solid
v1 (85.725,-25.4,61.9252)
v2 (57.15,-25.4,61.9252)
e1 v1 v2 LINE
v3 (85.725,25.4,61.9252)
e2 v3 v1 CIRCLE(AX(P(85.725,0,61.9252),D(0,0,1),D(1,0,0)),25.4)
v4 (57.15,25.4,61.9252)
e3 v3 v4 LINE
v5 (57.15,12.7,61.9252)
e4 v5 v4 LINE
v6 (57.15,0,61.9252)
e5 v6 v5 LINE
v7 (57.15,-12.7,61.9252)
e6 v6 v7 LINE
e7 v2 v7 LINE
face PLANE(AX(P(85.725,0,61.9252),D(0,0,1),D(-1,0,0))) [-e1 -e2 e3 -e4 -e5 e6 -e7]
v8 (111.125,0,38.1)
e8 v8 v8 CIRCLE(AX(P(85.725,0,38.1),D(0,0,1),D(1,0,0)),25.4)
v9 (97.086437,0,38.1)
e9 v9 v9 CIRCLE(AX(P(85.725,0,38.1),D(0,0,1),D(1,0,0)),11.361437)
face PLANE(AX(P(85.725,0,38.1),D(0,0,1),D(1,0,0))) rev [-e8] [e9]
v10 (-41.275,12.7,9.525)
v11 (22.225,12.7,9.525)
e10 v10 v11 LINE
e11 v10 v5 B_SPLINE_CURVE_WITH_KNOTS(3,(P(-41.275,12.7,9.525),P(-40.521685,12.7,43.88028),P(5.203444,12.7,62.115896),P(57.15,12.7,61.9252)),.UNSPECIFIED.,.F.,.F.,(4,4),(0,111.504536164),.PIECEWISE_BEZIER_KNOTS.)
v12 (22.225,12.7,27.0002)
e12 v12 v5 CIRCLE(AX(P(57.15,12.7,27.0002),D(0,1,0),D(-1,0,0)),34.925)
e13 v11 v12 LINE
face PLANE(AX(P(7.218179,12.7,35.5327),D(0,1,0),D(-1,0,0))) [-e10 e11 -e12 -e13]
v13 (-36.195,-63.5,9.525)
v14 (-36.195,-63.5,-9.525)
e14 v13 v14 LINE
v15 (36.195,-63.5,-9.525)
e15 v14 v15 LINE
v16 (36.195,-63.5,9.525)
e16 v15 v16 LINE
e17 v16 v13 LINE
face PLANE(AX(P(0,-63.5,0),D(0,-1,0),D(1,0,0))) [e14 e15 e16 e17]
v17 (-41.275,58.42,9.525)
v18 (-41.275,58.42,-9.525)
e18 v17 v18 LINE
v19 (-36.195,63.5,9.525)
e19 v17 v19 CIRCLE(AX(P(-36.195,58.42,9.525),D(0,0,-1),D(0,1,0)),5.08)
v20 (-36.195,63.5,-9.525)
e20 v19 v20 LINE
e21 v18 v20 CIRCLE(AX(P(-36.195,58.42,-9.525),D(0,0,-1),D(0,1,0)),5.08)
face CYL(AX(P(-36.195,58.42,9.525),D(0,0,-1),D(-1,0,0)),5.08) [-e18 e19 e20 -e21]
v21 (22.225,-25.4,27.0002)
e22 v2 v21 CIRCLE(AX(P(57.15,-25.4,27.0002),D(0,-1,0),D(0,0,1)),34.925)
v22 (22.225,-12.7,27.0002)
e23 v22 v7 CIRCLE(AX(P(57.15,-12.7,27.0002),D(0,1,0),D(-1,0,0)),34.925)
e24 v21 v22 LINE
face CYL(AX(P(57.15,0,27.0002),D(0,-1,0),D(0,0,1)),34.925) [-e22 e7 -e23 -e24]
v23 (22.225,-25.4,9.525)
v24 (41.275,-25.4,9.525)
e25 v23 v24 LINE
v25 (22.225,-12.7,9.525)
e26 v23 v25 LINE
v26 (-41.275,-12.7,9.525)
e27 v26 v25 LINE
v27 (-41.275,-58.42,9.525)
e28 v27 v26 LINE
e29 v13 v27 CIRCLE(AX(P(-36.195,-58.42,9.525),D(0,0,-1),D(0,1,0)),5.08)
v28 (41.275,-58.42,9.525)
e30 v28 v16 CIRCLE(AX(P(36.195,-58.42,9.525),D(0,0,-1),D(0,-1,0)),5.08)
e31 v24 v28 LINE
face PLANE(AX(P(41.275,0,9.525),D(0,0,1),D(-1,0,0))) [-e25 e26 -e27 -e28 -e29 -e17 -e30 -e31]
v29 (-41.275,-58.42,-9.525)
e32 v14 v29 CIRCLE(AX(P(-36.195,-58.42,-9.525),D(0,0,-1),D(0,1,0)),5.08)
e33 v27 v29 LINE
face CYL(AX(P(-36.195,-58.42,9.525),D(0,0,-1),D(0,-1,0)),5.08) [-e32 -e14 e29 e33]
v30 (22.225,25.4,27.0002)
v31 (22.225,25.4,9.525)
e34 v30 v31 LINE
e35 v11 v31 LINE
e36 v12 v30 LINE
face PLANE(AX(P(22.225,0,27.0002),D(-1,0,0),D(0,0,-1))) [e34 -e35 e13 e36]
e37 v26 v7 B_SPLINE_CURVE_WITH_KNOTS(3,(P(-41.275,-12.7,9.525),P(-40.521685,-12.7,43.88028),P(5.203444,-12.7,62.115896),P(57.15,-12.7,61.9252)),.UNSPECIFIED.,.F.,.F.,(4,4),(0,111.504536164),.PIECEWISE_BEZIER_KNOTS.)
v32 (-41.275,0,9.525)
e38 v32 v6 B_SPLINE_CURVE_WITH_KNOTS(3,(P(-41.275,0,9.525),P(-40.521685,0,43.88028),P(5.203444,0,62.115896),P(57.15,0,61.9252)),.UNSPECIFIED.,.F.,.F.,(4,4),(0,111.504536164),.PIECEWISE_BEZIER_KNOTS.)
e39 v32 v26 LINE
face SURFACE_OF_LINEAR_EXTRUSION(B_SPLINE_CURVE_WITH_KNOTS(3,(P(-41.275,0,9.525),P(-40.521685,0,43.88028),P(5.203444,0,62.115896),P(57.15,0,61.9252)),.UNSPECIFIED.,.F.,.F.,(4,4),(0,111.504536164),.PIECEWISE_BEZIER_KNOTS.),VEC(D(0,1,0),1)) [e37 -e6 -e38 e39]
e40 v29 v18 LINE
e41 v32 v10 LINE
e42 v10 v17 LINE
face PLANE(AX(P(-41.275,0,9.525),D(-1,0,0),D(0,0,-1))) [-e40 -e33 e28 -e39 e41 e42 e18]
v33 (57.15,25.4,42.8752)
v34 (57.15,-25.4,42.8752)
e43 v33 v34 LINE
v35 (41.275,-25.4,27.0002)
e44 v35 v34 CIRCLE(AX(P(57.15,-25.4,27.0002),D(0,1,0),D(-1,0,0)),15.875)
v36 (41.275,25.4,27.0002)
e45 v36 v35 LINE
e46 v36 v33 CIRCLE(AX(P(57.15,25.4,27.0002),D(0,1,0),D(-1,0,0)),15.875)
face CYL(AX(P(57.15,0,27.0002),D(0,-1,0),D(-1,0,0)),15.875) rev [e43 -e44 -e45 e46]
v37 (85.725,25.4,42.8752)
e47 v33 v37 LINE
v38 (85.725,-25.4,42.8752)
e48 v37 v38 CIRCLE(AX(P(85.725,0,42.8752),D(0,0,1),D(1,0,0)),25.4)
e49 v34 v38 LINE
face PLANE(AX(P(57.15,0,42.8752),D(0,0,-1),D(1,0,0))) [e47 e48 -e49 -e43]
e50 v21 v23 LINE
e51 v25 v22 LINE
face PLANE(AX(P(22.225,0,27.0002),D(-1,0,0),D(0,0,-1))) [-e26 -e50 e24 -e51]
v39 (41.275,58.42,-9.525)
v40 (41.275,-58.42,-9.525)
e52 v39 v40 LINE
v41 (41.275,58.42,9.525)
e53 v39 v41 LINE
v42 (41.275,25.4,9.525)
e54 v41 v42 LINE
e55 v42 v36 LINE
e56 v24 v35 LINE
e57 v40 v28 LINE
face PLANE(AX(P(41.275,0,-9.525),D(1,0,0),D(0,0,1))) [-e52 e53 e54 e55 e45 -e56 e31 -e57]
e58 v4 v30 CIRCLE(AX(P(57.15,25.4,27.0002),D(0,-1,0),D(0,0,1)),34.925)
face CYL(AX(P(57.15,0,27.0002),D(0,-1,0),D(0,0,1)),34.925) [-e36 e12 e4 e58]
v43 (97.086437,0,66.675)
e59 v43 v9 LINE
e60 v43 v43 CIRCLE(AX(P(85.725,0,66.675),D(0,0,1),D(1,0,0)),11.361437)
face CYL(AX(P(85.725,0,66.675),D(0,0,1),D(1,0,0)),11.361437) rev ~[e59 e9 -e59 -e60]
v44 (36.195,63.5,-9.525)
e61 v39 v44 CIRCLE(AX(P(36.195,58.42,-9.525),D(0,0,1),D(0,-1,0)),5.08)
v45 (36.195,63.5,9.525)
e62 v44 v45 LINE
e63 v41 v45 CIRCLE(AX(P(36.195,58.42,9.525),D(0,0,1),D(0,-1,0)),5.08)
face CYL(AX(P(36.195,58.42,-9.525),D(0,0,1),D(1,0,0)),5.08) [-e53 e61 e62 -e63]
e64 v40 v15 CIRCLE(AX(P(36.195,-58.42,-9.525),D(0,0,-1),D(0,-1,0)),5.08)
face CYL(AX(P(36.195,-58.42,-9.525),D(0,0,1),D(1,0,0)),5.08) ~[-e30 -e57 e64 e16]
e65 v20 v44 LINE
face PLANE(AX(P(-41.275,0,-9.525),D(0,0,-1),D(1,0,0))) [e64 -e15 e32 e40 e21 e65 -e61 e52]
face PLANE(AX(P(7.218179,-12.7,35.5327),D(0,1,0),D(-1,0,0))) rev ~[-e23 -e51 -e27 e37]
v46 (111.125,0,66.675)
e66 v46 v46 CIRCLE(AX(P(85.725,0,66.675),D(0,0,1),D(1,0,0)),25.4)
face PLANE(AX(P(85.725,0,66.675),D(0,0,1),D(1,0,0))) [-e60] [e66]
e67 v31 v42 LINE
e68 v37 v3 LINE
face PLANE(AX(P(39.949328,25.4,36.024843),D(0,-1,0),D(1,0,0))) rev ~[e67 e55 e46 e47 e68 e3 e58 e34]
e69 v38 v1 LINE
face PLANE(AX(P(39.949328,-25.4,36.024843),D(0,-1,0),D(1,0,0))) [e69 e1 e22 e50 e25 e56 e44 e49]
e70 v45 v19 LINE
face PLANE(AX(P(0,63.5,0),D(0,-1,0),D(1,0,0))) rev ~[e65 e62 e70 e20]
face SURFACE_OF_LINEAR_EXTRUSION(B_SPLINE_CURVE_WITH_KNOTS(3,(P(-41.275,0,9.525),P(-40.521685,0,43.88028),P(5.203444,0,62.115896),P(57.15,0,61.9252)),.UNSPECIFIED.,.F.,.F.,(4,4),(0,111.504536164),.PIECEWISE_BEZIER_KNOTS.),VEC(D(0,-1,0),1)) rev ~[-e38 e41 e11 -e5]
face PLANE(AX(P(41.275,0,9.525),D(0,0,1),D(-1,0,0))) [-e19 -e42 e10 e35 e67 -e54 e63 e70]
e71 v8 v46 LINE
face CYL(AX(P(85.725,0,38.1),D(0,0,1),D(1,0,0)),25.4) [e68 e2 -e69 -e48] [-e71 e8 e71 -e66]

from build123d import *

# Parameters (mm, degrees)
F1_DEPTH = 63.5
F0_W     = 25.4
F0_H     = 19.05
F2_DEPTH = 25.4
F3_DEPTH = 12.7
F5_R     = 5.08
F6_R     = 11.3614366128
F7_DEPTH = 28.575


with BuildPart() as f1:
    # F0 (on Front) → F1 (new body, symmetric)
    with BuildSketch(Plane.XZ):
        Polygon((-41.275, -9.525), (41.275, -9.525), (41.275, 9.525), (22.225, 9.525), (-41.275, 9.525), align=None)
    extrude(amount=F1_DEPTH, both=True)

    # F0 (on Front) → F2 (join, symmetric)
    with BuildSketch(Plane.XZ):
        with BuildLine():
            Line((22.225, 9.525), (41.275, 9.525))
            Line((41.275, 9.525), (41.275, 27.0002))
            ThreePointArc((41.275, 27.0002), (45.9246798487, 38.2255201513), (57.15, 42.8752))
            Line((57.15, 42.8752), (60.325, 42.8752))
            Line((60.325, 42.8752), (60.325, 61.9252))
            Line((60.325, 61.9252), (57.15, 61.9252))
            ThreePointArc((57.15, 61.9252), (32.4542956671, 51.6959043329), (22.225, 27.0002))
            Line((22.225, 27.0002), (22.225, 9.525))
        make_face()
        with Locations((73.025, 52.4002)):
            Rectangle(F0_W, F0_H)
    extrude(amount=F2_DEPTH, both=True)

    # F0 (on Front) → F3 (join, symmetric)
    with BuildSketch(Plane.XZ):
        with BuildLine():
            add(Edge.make_bspline(
                [(-41.275, 9.525), (-40.521685034, 43.8802801073), (5.2034435794, 62.1158964932), (57.15, 61.9252)],
                knots=[0, 0, 0, 0, 111.5045361635, 111.5045361635, 111.5045361635, 111.5045361635], degree=3))
            Line((-41.275, 9.525), (22.225, 9.525))
            Line((22.225, 9.525), (22.225, 27.0002))
            ThreePointArc((22.225, 27.0002), (32.4542956671, 51.6959043329), (57.15, 61.9252))
        make_face()
    extrude(amount=F3_DEPTH, both=True)

    # F0 (on Front) → F4 (revolve)
    with BuildSketch(Plane.XZ):
        Polygon((85.725, 66.675), (85.725, 61.9252), (85.725, 42.8752), (85.725, 38.1), (111.125, 38.1), (111.125, 66.675), align=None)
    revolve(axis=Axis((85.725, 0, 52.3875), (0, 0, 1)))

    # F5
    f5_edges = [f1.edges().sort_by_distance(p)[0] for p in [
        (41.275, -63.5, 0),
        (-41.275, -63.5, 0),
        (-41.275, 63.5, 0),
        (41.275, 63.5, 0),
    ]]
    fillet(f5_edges, radius=F5_R)

    # F6 (on face) → F7 (cut)
    with BuildSketch(Plane.XY.offset(66.675)):
        with Locations((85.725, 0)):
            Circle(F6_R)
    extrude(amount=-F7_DEPTH, mode=Mode.SUBTRACT)


solid = f1.part
